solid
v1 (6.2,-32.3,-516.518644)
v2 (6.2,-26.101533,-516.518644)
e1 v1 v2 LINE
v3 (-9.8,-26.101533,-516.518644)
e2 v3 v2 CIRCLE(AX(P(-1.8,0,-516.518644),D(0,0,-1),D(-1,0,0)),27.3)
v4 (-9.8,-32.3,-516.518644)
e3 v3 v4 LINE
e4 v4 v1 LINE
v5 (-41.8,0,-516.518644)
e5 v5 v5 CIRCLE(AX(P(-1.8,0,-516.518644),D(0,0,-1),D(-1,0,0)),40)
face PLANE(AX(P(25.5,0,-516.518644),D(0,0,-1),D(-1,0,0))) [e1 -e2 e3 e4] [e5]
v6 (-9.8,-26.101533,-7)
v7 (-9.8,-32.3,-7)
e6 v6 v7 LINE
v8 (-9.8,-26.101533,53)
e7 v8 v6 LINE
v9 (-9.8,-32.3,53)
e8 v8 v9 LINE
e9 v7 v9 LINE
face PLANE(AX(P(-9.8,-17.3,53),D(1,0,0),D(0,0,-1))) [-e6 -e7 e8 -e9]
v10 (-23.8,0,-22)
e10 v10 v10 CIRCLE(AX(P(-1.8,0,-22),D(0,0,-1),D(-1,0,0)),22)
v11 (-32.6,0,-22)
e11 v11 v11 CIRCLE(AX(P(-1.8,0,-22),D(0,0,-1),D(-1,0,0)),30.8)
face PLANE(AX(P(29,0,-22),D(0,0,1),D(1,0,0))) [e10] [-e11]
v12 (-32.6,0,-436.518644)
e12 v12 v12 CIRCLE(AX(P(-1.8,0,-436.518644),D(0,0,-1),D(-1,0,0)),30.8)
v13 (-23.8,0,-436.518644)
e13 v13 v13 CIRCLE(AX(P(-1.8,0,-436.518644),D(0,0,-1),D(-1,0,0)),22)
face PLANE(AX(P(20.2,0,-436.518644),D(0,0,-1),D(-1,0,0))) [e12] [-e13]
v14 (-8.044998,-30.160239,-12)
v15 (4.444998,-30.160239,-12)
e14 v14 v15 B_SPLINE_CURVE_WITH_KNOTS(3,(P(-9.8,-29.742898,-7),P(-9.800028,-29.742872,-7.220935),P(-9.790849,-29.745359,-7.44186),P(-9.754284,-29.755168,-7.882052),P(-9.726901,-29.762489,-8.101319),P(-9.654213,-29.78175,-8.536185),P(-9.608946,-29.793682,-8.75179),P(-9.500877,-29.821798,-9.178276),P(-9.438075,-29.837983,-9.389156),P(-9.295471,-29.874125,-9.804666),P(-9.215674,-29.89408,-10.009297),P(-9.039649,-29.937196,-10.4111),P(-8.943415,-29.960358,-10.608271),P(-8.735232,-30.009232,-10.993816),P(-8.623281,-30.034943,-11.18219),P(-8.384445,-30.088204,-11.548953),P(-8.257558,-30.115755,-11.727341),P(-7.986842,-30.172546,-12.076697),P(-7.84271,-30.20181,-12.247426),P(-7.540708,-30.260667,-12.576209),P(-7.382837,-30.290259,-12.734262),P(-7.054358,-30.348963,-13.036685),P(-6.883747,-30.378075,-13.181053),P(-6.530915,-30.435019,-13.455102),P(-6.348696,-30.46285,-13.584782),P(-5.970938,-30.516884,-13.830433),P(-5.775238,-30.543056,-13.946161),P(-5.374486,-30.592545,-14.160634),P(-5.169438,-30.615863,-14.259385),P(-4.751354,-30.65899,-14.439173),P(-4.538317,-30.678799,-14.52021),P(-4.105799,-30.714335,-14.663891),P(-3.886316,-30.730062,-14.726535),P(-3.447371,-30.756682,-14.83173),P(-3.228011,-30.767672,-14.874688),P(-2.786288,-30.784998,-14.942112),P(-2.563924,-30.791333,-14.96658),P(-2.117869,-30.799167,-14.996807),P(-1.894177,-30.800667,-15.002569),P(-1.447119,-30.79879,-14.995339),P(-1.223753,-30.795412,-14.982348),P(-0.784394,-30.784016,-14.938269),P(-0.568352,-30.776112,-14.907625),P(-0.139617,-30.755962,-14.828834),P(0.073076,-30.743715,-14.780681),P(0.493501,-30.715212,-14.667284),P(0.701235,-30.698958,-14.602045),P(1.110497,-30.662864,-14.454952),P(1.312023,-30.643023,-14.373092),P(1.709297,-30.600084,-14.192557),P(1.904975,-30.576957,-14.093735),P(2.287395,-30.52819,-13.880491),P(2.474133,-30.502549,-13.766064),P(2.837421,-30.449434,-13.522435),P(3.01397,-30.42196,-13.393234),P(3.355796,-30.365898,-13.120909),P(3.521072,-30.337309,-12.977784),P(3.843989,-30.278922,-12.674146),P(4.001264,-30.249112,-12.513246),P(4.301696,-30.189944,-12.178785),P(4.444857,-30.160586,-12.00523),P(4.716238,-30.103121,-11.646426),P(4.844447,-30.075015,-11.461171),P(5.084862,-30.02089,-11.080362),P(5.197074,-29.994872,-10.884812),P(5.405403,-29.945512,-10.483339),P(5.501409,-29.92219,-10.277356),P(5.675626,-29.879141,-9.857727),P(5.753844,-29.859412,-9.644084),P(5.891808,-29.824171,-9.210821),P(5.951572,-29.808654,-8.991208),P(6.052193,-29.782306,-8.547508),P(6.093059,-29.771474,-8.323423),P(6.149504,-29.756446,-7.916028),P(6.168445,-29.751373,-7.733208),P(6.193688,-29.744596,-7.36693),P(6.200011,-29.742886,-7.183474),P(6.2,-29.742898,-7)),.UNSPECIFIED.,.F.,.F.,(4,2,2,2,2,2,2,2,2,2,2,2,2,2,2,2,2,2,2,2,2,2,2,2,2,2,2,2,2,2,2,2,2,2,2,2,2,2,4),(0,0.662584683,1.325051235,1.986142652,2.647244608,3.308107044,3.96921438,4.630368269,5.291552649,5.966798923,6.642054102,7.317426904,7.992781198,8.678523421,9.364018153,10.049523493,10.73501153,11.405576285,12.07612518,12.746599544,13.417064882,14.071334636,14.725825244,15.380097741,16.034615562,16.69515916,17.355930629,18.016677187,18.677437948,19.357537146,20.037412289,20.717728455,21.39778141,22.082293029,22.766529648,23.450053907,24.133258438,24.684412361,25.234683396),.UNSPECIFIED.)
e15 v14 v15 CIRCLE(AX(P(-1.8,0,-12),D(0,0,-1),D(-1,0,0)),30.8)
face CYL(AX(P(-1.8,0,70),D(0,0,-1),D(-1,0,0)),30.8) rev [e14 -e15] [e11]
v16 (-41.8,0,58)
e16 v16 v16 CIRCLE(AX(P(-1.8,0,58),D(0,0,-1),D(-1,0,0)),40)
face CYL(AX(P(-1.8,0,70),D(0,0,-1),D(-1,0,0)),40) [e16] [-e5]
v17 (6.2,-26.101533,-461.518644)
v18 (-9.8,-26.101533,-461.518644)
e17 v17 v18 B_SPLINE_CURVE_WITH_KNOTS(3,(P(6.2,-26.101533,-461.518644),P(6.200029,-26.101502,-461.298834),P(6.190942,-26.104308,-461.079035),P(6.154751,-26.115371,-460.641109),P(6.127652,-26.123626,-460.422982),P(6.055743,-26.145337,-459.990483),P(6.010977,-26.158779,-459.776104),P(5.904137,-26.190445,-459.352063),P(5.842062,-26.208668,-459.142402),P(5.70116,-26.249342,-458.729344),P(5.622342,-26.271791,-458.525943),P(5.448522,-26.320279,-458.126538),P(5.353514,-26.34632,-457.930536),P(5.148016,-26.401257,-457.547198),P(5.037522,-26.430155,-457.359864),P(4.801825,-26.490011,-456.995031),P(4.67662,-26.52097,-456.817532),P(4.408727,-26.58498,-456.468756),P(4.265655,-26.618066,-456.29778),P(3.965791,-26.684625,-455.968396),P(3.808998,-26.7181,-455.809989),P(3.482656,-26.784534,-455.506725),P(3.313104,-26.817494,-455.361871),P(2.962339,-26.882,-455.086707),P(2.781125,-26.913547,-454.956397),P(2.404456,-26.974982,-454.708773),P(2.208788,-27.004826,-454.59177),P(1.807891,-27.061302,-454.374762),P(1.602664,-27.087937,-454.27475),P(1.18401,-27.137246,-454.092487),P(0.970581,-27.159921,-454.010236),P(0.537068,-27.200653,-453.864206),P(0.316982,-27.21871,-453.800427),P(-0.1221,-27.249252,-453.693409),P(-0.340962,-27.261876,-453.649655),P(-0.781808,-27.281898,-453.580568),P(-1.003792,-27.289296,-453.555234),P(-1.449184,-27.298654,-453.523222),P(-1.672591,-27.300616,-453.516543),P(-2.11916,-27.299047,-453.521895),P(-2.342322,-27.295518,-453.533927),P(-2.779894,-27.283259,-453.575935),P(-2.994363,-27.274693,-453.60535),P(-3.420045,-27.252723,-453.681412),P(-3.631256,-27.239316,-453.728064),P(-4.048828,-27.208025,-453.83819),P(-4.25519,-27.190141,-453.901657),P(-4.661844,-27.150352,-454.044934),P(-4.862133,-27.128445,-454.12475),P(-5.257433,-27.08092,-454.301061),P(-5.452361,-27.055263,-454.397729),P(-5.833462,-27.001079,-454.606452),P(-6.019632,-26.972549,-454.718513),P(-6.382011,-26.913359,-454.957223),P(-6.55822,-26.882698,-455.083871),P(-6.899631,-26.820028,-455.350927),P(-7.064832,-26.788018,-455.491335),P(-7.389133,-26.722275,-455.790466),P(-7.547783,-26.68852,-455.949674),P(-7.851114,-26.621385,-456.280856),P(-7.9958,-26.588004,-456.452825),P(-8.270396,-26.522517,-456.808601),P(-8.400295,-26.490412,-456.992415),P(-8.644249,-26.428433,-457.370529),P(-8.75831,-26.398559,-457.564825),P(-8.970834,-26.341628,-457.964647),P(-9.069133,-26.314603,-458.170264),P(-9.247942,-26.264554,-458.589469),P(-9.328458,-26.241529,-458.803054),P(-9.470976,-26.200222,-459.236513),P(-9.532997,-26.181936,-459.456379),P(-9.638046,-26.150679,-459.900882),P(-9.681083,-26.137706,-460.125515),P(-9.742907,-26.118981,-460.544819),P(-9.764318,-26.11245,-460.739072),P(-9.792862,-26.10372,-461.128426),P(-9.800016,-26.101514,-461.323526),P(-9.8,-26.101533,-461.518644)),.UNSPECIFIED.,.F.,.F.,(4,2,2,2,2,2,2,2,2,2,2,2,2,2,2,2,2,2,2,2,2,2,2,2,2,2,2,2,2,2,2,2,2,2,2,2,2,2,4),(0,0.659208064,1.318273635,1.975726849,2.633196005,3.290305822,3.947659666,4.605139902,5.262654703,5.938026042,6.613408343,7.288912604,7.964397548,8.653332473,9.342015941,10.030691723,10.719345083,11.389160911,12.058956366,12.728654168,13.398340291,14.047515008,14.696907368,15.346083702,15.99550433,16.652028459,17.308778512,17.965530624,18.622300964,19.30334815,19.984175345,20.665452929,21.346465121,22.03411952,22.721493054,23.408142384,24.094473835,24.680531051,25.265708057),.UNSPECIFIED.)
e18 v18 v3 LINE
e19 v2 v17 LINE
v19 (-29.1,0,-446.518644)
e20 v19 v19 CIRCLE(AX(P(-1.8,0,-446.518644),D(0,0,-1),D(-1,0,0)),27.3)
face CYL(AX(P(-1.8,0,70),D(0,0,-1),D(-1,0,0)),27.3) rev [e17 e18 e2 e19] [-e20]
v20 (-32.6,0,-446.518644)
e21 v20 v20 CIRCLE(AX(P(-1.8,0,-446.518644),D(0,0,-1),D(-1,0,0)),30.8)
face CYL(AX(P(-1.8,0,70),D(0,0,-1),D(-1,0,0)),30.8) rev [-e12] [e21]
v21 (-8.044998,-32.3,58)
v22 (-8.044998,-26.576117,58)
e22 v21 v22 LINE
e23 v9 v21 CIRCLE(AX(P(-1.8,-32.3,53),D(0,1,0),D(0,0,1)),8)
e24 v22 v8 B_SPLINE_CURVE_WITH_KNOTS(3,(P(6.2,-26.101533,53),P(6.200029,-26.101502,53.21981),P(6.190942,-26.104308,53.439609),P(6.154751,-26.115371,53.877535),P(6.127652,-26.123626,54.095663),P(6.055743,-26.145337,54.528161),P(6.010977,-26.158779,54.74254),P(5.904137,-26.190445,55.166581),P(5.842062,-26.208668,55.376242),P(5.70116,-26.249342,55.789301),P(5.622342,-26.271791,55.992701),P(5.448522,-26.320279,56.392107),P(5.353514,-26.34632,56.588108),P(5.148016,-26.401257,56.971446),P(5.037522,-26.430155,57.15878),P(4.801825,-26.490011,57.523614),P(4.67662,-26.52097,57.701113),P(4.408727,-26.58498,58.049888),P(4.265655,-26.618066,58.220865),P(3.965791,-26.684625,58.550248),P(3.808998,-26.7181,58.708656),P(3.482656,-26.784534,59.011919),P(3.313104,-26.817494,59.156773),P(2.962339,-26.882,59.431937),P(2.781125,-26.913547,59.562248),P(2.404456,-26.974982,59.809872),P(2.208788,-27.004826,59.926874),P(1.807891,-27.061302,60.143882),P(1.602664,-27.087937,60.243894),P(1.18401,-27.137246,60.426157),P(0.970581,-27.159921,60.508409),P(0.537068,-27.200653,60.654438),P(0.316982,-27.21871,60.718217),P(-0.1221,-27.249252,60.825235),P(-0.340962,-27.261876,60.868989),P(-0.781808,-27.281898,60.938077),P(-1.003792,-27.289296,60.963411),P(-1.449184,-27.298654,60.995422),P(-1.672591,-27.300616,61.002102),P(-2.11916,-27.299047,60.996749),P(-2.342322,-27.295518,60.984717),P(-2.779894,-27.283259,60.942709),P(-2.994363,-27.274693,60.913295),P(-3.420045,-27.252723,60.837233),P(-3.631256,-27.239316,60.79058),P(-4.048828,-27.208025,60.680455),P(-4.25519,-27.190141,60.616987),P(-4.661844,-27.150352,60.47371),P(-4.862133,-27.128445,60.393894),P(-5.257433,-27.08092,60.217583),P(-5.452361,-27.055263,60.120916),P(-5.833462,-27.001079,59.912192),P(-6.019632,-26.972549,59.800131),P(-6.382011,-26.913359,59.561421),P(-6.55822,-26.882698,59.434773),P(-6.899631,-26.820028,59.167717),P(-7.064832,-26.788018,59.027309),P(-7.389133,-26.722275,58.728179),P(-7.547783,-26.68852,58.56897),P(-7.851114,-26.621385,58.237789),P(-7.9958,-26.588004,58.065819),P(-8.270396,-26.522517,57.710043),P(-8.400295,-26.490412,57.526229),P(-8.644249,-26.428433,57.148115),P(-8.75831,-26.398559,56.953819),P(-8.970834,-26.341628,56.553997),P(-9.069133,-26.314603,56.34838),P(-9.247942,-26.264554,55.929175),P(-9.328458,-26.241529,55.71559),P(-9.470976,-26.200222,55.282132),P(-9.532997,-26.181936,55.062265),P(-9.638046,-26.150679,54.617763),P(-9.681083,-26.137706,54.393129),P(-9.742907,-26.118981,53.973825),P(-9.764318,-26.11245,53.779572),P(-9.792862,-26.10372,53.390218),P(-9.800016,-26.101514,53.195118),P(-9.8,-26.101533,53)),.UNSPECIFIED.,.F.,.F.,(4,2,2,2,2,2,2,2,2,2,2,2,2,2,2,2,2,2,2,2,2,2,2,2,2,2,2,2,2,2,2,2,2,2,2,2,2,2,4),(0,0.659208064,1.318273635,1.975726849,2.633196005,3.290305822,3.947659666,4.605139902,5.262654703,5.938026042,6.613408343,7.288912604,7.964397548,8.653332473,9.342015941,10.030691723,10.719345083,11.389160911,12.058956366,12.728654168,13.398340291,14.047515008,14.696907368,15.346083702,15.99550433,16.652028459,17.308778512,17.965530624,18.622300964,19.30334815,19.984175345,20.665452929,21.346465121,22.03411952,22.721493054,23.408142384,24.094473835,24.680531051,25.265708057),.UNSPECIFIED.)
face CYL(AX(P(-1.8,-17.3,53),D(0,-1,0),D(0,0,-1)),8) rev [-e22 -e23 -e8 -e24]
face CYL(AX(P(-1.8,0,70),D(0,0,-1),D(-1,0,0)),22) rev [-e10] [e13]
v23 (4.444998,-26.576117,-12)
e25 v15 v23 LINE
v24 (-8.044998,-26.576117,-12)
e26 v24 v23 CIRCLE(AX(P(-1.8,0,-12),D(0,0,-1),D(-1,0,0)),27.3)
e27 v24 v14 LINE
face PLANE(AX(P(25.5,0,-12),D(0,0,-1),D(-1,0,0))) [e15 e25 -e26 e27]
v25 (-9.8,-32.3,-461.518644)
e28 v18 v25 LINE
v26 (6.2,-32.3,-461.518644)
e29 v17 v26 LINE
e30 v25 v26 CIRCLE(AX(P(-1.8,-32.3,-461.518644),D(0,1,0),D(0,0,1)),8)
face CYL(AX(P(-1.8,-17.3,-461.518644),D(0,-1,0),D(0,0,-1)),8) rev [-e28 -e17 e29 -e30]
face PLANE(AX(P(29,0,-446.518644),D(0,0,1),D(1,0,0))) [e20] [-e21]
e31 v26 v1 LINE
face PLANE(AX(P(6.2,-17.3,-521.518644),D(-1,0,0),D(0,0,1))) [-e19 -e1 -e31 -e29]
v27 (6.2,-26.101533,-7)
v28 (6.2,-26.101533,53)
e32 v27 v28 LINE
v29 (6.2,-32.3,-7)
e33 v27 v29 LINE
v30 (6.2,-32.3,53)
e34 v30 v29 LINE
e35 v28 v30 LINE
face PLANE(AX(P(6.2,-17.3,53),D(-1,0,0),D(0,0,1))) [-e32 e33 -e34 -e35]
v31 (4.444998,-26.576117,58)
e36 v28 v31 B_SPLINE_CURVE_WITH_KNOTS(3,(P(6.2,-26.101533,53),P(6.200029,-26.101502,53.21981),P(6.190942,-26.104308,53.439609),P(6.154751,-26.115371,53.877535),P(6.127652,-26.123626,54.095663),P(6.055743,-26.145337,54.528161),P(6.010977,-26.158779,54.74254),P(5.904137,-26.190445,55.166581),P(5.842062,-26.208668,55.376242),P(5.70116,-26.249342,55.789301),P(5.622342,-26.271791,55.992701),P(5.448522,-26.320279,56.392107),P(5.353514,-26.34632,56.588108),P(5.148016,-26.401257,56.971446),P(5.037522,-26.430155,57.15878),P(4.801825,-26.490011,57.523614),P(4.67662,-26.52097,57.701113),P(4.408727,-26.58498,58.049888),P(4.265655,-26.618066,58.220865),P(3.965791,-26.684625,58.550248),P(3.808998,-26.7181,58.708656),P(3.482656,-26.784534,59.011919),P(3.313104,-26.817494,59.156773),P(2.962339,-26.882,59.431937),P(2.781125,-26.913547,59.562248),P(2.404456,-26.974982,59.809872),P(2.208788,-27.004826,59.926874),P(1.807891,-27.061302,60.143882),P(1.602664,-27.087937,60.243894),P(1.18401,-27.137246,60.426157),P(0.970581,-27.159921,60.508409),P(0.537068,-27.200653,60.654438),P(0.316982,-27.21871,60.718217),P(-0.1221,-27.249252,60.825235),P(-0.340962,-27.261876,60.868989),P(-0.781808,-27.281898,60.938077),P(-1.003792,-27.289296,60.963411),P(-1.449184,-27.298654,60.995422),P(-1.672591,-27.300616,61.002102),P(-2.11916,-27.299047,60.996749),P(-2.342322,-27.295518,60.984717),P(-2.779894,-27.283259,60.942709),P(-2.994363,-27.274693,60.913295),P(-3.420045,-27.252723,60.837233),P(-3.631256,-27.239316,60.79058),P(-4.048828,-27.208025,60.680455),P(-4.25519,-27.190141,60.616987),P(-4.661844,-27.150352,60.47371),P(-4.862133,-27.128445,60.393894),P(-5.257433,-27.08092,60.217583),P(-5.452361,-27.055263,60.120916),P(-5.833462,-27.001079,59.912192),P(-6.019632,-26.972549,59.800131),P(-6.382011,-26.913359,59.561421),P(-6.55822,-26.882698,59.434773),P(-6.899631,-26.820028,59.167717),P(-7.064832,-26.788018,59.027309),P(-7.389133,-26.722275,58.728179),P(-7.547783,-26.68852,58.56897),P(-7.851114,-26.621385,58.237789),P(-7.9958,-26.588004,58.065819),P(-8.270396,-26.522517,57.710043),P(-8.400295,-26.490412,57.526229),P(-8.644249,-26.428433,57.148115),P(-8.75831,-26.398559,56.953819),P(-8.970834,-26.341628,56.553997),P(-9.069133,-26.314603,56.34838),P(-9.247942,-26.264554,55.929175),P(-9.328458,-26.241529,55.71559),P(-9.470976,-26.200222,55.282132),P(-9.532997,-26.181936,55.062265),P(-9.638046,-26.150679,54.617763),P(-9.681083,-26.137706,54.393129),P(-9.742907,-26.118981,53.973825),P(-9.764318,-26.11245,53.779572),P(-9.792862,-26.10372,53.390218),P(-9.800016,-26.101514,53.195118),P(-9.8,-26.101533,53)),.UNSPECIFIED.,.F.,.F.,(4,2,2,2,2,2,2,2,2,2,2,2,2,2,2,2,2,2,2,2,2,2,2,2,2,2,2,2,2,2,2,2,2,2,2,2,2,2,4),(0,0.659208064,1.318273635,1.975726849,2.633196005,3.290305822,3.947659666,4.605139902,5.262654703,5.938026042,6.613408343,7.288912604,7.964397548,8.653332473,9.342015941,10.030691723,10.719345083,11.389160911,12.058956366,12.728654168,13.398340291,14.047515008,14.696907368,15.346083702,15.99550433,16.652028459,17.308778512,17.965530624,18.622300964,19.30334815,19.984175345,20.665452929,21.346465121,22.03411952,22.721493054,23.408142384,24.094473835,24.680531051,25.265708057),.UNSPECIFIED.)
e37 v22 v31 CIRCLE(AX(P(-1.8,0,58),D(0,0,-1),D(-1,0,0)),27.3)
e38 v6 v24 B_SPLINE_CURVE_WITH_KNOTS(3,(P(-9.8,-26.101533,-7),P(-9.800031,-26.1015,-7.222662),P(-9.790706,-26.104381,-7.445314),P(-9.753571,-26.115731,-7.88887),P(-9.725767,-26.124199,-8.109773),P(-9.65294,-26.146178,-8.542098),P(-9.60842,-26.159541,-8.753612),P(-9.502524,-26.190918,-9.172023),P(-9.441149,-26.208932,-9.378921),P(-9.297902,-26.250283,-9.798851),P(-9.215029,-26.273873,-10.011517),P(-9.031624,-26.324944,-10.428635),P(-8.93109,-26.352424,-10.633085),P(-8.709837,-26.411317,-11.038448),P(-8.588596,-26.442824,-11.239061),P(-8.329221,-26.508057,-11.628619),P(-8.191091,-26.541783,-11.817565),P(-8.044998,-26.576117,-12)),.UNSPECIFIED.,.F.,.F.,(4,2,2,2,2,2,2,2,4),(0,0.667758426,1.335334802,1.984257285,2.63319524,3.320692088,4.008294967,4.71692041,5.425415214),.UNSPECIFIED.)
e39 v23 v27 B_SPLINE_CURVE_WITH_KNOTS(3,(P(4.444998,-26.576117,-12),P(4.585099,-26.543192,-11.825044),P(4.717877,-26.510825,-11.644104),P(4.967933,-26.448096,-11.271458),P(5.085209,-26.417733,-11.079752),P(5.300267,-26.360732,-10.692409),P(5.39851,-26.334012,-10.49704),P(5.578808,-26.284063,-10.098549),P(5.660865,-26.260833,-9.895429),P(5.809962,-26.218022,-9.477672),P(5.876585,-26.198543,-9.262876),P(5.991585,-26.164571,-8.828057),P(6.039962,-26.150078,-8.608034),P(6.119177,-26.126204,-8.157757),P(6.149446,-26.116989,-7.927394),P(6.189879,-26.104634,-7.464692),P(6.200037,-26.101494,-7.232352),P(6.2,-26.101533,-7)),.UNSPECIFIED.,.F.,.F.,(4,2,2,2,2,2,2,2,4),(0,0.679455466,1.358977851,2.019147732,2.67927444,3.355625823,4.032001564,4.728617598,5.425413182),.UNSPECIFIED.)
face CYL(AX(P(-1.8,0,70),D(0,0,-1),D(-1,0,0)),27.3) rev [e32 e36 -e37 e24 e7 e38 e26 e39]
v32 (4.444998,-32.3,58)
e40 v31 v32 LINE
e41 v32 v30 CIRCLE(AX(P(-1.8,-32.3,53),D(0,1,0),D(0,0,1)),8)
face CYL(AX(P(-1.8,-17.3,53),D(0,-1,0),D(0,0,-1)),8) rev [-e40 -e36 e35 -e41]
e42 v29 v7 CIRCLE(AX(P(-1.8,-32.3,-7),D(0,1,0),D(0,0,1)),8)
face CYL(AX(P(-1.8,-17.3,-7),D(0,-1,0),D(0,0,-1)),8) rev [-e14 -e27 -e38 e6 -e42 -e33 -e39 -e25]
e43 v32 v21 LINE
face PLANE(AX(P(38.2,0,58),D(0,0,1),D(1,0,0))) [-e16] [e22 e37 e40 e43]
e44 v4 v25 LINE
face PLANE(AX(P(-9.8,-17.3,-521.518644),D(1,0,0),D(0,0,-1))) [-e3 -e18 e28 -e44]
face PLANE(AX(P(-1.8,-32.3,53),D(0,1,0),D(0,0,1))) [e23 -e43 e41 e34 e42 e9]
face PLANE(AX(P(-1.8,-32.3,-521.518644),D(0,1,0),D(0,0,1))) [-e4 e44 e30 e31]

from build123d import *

# Parameters (mm, degrees)
CUT_EXTRUDE1_DEPTH      = 10
CUT_EXTRUDE1_DEPTH_BACK = 5


with BuildPart() as part:
    # Sketch1 → Revolve1 (revolve)
    with BuildSketch(Plane.XZ):
        Polygon((38.2, -516.518644329), (38.2, 57.999999671), (25.5, 57.999999671), (25.5, -12.000000329), (29, -12.000000329), (29, -22.000000329), (20.2, -22.000000329), (20.2, -436.518644329), (29, -436.518644329), (29, -446.518644329), (25.5, -446.518644329), (25.5, -516.518644329), align=None)
    revolve(axis=Axis((-1.8, 0, 70), (0, 0, -1)))

    # Sketch3 → Cut-Extrude1 (cut, two sides: drawn at the far end of the back side and taken through both)
    with BuildSketch(Plane(origin=(0, -27.3, 0), x_dir=(1, 0, 0), z_dir=(0, 1, 0)).offset(-CUT_EXTRUDE1_DEPTH_BACK)):
        with BuildLine():
            Line((6.2, 521.518644329), (6.2, 461.518644329))
            ThreePointArc((6.2, 461.518644329), (-1.8, 453.518644329), (-9.8, 461.518644329))
            Line((-9.8, 461.518644329), (-9.8, 521.518644329))
            ThreePointArc((-9.8, 521.518644329), (-1.8, 529.518644329), (6.2, 521.518644329))
        make_face()
        with BuildLine():
            Line((-9.8, -53.000000001), (-9.8, 6.999999999))
            ThreePointArc((-9.8, 6.999999999), (-1.8, 14.999999999), (6.2, 6.999999999))
            Line((6.2, 6.999999999), (6.2, -53.000000001))
            ThreePointArc((6.2, -53.000000001), (-1.8, -61.000000001), (-9.8, -53.000000001))
        make_face()
    extrude(amount=CUT_EXTRUDE1_DEPTH + CUT_EXTRUDE1_DEPTH_BACK, mode=Mode.SUBTRACT)


solid = part.part
